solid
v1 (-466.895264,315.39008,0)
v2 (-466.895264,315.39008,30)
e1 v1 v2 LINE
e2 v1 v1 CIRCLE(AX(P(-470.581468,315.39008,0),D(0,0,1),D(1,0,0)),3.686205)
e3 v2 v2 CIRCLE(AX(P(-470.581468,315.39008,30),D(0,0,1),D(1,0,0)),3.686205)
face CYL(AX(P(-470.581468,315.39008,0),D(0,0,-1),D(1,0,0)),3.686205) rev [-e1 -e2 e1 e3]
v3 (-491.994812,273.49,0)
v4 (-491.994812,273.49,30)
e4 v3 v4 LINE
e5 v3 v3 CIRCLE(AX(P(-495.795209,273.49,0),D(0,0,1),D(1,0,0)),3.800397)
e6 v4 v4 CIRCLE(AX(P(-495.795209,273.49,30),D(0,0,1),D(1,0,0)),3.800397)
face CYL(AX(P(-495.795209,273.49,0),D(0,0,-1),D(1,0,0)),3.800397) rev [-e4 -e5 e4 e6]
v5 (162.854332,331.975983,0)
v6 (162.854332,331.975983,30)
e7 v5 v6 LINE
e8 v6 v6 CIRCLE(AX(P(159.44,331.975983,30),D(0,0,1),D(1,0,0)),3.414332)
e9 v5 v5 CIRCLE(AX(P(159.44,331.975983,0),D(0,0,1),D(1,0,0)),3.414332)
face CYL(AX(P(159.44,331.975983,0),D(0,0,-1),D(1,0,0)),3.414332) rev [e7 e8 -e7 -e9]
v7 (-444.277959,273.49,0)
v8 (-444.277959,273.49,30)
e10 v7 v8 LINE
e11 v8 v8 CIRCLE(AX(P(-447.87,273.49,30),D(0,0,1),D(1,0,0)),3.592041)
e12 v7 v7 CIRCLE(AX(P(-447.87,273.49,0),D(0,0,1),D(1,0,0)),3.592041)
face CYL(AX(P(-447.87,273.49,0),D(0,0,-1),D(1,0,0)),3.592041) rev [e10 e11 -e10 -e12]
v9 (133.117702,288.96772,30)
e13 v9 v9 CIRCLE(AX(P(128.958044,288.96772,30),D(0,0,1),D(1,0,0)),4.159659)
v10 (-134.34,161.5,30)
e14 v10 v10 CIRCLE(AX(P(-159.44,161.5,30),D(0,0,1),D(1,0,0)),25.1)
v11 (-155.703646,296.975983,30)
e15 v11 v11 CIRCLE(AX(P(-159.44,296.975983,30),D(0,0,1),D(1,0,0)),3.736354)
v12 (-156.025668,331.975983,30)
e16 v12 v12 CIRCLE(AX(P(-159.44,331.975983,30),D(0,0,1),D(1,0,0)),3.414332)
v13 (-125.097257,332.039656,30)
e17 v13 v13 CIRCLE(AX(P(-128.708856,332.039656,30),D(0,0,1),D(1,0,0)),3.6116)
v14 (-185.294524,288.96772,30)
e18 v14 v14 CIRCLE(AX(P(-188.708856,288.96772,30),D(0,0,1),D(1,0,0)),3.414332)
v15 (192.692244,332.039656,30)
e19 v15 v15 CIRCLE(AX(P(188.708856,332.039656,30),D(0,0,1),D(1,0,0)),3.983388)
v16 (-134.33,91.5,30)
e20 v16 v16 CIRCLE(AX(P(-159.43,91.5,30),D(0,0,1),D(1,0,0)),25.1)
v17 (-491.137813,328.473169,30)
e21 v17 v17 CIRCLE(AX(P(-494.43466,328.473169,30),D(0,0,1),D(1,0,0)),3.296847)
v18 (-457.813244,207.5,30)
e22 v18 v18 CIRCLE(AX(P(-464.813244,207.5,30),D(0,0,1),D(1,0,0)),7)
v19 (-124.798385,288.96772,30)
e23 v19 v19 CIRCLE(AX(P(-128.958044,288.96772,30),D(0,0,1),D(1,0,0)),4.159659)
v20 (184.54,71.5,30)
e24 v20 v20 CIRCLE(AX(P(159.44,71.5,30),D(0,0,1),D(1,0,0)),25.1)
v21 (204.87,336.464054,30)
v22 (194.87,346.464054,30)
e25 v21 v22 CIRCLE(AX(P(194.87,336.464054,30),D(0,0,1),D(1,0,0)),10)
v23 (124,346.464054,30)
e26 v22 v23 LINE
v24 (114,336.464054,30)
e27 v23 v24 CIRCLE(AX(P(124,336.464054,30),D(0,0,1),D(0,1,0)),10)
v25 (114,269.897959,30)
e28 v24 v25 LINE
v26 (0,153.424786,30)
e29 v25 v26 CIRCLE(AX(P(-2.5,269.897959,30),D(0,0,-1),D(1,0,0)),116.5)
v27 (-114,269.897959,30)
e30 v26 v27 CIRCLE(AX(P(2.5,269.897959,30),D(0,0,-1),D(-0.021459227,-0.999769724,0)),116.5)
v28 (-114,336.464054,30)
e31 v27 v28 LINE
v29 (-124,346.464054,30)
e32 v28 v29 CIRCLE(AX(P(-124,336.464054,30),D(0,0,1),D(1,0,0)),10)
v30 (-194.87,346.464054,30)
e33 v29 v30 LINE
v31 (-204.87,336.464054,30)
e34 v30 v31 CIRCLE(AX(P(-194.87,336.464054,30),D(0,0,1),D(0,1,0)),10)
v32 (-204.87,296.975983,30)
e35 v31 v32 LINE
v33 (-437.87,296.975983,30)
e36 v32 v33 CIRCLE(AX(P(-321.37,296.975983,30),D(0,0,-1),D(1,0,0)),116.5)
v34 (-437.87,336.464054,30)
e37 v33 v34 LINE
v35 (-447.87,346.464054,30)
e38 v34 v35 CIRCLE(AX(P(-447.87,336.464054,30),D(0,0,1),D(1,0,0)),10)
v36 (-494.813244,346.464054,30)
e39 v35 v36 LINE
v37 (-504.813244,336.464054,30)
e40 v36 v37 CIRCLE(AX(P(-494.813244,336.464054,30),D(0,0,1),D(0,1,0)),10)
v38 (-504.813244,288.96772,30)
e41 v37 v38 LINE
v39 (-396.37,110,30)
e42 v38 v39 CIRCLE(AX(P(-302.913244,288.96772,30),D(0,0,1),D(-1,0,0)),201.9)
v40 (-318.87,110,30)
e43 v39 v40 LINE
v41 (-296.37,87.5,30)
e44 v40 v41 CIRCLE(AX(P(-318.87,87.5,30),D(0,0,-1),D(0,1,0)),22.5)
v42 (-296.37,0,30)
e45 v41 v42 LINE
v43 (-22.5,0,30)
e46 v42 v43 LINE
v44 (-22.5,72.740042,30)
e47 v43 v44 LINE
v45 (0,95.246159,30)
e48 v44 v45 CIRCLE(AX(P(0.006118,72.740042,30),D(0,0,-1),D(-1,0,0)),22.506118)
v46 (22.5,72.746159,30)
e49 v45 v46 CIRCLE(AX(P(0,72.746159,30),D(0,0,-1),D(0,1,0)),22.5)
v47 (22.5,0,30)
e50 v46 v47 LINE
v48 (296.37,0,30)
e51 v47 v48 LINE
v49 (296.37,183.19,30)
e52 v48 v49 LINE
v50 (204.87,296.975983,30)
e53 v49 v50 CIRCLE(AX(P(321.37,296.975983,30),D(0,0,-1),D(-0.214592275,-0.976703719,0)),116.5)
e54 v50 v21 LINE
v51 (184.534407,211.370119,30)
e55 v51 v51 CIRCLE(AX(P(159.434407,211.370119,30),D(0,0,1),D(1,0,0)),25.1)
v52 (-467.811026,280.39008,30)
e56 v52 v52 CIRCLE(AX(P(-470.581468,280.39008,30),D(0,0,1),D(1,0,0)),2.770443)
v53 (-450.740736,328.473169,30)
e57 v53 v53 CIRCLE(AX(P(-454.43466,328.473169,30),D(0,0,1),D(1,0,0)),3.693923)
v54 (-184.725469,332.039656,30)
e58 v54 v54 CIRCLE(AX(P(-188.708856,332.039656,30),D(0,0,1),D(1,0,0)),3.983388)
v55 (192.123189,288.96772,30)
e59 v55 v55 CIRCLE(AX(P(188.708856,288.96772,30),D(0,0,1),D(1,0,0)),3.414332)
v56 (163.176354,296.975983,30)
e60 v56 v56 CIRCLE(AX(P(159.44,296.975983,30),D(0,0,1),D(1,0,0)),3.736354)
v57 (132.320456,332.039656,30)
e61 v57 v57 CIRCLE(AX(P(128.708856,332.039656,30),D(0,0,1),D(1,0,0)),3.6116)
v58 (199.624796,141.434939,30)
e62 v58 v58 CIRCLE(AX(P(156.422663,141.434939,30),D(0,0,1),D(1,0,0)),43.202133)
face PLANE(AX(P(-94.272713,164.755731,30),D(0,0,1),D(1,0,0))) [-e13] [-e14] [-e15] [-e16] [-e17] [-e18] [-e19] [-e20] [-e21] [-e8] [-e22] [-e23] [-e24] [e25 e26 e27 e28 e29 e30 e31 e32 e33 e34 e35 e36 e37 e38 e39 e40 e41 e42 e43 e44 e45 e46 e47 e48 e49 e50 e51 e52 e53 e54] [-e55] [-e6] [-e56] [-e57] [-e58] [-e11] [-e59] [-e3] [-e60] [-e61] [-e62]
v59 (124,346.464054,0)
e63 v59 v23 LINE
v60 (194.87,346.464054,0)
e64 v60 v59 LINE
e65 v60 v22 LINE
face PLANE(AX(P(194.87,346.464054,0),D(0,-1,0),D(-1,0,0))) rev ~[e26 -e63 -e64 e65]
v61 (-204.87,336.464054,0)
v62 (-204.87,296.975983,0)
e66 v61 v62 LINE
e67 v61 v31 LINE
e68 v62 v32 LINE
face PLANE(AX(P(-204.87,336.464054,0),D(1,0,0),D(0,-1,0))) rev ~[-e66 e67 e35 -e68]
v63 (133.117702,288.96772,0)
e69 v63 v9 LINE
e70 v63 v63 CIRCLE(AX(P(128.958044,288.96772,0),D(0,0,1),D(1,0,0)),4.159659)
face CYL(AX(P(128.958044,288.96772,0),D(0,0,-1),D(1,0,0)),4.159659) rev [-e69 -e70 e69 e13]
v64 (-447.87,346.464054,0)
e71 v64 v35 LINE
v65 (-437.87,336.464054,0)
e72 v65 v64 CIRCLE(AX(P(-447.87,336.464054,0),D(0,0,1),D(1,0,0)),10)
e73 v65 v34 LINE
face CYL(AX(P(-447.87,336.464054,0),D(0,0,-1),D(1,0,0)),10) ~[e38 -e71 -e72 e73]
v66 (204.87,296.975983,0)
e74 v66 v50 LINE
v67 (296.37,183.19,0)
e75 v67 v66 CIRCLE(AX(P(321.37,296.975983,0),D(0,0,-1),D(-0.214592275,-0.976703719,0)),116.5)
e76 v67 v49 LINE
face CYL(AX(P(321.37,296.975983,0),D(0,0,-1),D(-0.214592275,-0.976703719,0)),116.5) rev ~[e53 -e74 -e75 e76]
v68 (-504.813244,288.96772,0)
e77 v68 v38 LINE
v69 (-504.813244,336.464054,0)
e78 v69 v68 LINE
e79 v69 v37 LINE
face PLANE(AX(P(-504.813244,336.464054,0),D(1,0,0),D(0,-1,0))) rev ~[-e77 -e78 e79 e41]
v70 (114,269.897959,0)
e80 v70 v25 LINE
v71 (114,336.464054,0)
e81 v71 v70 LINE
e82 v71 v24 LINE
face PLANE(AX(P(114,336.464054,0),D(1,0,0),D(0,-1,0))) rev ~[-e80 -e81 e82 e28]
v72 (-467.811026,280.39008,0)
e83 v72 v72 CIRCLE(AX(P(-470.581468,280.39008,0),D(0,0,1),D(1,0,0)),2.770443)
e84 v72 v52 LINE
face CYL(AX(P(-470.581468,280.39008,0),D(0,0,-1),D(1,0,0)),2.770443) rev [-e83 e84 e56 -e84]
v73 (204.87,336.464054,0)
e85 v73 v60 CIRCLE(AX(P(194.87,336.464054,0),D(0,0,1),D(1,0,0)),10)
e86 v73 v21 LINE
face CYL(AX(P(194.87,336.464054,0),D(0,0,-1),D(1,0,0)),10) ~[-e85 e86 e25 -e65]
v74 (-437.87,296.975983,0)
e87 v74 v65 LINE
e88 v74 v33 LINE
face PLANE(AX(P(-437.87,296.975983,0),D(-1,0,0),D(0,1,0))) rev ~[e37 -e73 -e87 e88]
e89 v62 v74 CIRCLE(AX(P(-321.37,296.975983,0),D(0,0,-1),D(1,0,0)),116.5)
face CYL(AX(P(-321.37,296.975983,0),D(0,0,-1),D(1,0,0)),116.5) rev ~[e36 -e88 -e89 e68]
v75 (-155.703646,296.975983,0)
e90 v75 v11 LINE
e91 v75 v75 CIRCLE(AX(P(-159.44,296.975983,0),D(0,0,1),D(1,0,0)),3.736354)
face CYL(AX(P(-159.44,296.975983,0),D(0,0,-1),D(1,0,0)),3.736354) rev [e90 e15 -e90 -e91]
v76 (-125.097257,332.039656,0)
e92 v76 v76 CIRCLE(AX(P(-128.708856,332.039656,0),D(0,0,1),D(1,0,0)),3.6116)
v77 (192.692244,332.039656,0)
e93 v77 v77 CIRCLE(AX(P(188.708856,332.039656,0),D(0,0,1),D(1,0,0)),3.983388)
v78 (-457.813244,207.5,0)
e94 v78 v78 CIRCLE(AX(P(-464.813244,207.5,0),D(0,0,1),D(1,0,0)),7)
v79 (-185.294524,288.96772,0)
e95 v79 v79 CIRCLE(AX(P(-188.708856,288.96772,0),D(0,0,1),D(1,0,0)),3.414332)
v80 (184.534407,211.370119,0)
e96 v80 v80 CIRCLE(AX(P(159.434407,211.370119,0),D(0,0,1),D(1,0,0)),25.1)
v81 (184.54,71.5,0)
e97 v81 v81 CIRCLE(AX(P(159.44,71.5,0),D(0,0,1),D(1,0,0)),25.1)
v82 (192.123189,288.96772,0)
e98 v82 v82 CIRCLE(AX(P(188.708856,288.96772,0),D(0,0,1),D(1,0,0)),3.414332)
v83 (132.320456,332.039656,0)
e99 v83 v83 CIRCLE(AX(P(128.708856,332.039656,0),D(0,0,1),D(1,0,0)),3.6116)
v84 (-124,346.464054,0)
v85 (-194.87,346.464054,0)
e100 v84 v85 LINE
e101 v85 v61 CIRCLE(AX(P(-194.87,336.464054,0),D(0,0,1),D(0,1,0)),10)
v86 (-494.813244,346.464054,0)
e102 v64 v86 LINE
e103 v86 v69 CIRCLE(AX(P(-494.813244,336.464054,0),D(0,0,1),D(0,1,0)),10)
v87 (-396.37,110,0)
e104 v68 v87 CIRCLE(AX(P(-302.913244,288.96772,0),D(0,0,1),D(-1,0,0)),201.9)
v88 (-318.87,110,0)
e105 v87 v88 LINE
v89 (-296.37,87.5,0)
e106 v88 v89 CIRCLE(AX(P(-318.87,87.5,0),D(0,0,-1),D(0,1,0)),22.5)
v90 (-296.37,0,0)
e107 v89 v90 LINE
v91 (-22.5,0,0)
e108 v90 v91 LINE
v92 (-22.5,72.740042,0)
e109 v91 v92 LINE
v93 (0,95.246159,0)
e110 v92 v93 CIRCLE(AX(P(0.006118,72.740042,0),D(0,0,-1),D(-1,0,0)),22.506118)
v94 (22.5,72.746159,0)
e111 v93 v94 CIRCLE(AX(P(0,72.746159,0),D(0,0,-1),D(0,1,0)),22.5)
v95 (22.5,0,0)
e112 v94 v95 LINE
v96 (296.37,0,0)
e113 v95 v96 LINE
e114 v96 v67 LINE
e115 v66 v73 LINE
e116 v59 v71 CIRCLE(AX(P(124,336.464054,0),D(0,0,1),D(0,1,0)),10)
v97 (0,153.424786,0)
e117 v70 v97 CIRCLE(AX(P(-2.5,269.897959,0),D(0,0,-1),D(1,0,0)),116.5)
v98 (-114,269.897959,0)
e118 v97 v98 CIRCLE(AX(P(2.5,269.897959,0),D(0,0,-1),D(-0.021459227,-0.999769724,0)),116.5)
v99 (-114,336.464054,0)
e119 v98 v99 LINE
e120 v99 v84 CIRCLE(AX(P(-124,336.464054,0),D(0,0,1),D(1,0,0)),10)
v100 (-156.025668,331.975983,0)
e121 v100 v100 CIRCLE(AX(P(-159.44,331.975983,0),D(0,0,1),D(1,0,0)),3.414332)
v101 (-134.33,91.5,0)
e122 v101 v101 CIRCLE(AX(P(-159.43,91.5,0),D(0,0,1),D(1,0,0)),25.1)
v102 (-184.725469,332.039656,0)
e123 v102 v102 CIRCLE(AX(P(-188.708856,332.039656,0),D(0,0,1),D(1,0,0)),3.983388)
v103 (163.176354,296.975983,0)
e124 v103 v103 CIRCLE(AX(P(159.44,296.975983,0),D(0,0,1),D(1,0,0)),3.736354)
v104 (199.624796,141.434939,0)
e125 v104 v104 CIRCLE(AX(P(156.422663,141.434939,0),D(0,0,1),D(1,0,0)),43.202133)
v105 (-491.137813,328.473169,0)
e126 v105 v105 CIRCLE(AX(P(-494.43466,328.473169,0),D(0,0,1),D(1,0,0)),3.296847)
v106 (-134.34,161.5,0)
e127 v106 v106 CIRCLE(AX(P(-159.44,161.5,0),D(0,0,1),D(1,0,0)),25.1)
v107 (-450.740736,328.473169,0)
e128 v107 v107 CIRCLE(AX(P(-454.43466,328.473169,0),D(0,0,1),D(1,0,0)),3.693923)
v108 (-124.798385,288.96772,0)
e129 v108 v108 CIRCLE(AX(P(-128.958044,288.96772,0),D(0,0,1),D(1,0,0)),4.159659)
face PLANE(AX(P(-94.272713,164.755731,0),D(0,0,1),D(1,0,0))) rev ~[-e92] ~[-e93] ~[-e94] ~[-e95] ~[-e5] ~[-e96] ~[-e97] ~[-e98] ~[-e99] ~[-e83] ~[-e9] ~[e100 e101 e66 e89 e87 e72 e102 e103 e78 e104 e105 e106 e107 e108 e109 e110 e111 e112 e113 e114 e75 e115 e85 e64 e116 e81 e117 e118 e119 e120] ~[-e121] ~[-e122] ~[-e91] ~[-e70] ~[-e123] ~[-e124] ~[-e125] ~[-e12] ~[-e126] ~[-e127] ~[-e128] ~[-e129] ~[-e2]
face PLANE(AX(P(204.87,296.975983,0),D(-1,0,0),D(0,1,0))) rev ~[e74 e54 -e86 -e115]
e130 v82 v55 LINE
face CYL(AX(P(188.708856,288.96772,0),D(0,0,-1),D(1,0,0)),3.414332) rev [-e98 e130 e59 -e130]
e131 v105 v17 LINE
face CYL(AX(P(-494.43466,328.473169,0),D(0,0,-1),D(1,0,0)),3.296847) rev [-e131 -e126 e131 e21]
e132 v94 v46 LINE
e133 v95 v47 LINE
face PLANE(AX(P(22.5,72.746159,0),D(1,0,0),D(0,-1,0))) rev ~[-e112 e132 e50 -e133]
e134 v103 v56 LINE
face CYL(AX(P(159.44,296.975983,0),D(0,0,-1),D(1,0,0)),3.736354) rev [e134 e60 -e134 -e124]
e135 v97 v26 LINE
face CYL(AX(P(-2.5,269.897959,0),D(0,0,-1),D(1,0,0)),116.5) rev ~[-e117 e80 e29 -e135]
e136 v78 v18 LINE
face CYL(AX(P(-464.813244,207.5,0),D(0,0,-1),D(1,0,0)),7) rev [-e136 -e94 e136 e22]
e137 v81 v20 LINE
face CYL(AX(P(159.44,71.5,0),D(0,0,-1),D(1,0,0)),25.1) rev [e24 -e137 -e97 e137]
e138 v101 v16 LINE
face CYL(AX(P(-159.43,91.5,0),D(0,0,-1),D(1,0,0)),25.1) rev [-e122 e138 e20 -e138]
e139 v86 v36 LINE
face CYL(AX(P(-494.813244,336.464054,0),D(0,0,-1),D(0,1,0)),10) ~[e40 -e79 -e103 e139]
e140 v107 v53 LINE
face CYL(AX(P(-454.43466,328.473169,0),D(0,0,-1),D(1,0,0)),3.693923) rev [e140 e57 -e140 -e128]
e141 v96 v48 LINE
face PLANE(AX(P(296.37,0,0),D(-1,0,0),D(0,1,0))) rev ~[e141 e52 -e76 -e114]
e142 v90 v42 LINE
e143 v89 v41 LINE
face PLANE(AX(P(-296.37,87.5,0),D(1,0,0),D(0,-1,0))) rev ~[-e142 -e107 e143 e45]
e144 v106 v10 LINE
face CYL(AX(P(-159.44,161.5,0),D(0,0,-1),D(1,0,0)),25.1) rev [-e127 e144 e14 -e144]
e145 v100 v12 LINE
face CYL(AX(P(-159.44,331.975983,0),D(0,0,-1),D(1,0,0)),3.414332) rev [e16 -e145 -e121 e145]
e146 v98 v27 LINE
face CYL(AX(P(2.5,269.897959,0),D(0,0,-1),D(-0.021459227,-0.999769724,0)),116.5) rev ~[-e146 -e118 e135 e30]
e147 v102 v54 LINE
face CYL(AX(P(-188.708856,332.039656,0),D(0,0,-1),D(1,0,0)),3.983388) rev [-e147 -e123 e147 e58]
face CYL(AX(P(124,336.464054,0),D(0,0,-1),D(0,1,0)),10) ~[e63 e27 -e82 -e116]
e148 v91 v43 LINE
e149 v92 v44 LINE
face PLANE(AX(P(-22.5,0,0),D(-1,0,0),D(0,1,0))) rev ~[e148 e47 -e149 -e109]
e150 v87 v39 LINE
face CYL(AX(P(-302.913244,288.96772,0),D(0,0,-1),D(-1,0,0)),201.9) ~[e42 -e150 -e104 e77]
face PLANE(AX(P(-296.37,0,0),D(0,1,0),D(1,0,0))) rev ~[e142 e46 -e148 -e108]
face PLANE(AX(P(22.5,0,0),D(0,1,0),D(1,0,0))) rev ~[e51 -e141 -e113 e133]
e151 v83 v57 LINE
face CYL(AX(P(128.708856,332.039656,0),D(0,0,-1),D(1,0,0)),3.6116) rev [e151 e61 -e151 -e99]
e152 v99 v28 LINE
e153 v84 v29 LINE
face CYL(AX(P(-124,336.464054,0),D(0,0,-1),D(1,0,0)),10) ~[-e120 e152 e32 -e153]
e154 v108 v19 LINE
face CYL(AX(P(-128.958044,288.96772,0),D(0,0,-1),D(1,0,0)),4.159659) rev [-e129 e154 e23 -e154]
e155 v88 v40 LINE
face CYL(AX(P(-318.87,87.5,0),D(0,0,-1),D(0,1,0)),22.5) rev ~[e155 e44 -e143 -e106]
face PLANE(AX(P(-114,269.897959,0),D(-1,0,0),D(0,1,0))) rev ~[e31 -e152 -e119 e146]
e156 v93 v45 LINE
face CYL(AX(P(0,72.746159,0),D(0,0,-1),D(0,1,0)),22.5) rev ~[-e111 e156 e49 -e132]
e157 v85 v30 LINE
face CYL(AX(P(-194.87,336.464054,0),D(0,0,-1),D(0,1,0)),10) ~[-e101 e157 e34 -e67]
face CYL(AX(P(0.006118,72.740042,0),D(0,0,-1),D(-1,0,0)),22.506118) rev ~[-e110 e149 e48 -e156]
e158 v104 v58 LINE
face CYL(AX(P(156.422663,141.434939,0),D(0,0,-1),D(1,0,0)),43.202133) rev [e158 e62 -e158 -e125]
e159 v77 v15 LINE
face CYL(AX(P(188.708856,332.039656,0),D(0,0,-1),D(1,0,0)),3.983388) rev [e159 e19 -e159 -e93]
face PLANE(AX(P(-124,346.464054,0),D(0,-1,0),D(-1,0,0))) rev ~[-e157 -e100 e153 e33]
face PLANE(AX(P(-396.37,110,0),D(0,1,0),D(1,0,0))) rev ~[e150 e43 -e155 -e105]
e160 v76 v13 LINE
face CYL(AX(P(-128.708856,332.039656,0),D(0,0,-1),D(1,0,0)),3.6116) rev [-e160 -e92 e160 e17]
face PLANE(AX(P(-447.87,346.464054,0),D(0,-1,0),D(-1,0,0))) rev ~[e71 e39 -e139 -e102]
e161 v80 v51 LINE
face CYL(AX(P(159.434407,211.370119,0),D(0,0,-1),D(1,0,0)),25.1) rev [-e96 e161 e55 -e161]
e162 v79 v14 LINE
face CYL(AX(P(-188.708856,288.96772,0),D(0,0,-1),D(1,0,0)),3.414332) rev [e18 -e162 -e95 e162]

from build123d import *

# Parameters (mm, degrees)
SKETCH1_R           = 25.1
SKETCH1_R_2         = 43.202132663
SKETCH1_R_3         = 7
SKETCH1_R_4         = 3.800397256
SKETCH1_R_5         = 2.770442617
SKETCH1_R_6         = 3.592040897
SKETCH1_R_7         = 3.686204525
SKETCH1_R_8         = 3.29684687
SKETCH1_R_9         = 3.69392349
SKETCH1_R_10        = 3.414332156
SKETCH1_R_11        = 3.736354481
SKETCH1_R_12        = 4.159658534
SKETCH1_R_13        = 3.983387515
SKETCH1_R_14        = 3.611599691
BOSS_EXTRUDE1_DEPTH = 30


with BuildPart() as part:
    # Sketch1 → Boss-Extrude1 (new body)
    with BuildSketch(Plane.XY):
        with BuildLine():
            Line((22.5, 72.746158915), (22.5, 0))
            Line((22.5, 0), (296.37, 0))
            Line((296.37, 0), (296.37, 183.19))
            ThreePointArc((296.37, 183.19), (230.582473324, 223.969990415), (204.87, 296.97598332))
            Line((204.87, 296.97598332), (204.87, 336.464053823))
            ThreePointArc((204.87, 336.464053823), (201.941067812, 343.535121635), (194.87, 346.464053823))
            Line((194.87, 346.464053823), (124, 346.464053823))
            ThreePointArc((124, 346.464053823), (116.928932188, 343.535121635), (114, 336.464053823))
            Line((114, 336.464053823), (114, 269.897959103))
            ThreePointArc((114, 269.897959103), (80.757131827, 188.408696007), (0, 153.424786226))
            ThreePointArc((0, 153.424786226), (-80.757131827, 188.408696007), (-114, 269.897959103))
            Line((-114, 269.897959103), (-114, 336.464053823))
            ThreePointArc((-114, 336.464053823), (-116.928932188, 343.535121635), (-124, 346.464053823))
            Line((-124, 346.464053823), (-194.87, 346.464053823))
            ThreePointArc((-194.87, 346.464053823), (-201.941067812, 343.535121635), (-204.87, 336.464053823))
            Line((-204.87, 336.464053823), (-204.87, 296.97598332))
            ThreePointArc((-204.87, 296.97598332), (-321.37, 180.47598332), (-437.87, 296.97598332))
            Line((-437.87, 296.97598332), (-437.87, 336.464053823))
            ThreePointArc((-437.87, 336.464053823), (-440.798932188, 343.535121635), (-447.87, 346.464053823))
            Line((-447.87, 346.464053823), (-494.813243917, 346.464053823))
            ThreePointArc((-494.813243917, 346.464053823), (-501.884311728, 343.535121635), (-504.813243917, 336.464053823))
            Line((-504.813243917, 336.464053823), (-504.813243917, 288.967719833))
            ThreePointArc((-504.813243917, 288.967719833), (-475.587111443, 184.338156739), (-396.37, 110))
            Line((-396.37, 110), (-318.87, 110))
            ThreePointArc((-318.87, 110), (-302.960097423, 103.409902577), (-296.37, 87.5))
            Line((-296.37, 87.5), (-296.37, 0))
            Line((-296.37, 0), (-22.5, 0))
            Line((-22.5, 0), (-22.5, 72.740041961))
            ThreePointArc((-22.5, 72.740041961), (-15.910273536, 88.652107355), (0, 95.246158915))
            ThreePointArc((0, 95.246158915), (15.909902577, 88.656061492), (22.5, 72.746158915))
        make_face()
        with Locations((-159.43, 91.5)):
            Circle(SKETCH1_R, mode=Mode.SUBTRACT)
        with Locations((-159.44, 161.5)):
            Circle(SKETCH1_R, mode=Mode.SUBTRACT)
        with Locations((159.44, 71.5)):
            Circle(SKETCH1_R, mode=Mode.SUBTRACT)
        with Locations((156.422663426, 141.434938908)):
            Circle(SKETCH1_R_2, mode=Mode.SUBTRACT)
        with Locations((-464.813243917, 207.5)):
            Circle(SKETCH1_R_3, mode=Mode.SUBTRACT)
        with Locations((-495.795209239, 273.49)):
            Circle(SKETCH1_R_4, mode=Mode.SUBTRACT)
        with Locations((-470.58146842, 280.390080126)):
            Circle(SKETCH1_R_5, mode=Mode.SUBTRACT)
        with Locations((-447.87, 273.49)):
            Circle(SKETCH1_R_6, mode=Mode.SUBTRACT)
        with Locations((-470.58146842, 315.390080126)):
            Circle(SKETCH1_R_7, mode=Mode.SUBTRACT)
        with Locations((-494.434659893, 328.473169293)):
            Circle(SKETCH1_R_8, mode=Mode.SUBTRACT)
        with Locations((-454.434659893, 328.473169293)):
            Circle(SKETCH1_R_9, mode=Mode.SUBTRACT)
        with Locations((-188.708856361, 288.967719833)):
            Circle(SKETCH1_R_10, mode=Mode.SUBTRACT)
        with Locations((-159.44, 296.97598332)):
            Circle(SKETCH1_R_11, mode=Mode.SUBTRACT)
        with Locations((-128.95804363, 288.967719833)):
            Circle(SKETCH1_R_12, mode=Mode.SUBTRACT)
        with Locations((-188.708856361, 332.039656125)):
            Circle(SKETCH1_R_13, mode=Mode.SUBTRACT)
        with Locations((-159.44, 331.97598332)):
            Circle(SKETCH1_R_10, mode=Mode.SUBTRACT)
        with Locations((-128.708856361, 332.039656125)):
            Circle(SKETCH1_R_14, mode=Mode.SUBTRACT)
        with Locations((159.434406699, 211.370118913)):
            Circle(SKETCH1_R, mode=Mode.SUBTRACT)
        with Locations((128.95804363, 288.967719833)):
            Circle(SKETCH1_R_12, mode=Mode.SUBTRACT)
        with Locations((188.708856361, 288.967719833)):
            Circle(SKETCH1_R_10, mode=Mode.SUBTRACT)
        with Locations((159.44, 296.97598332)):
            Circle(SKETCH1_R_11, mode=Mode.SUBTRACT)
        with Locations((128.708856361, 332.039656125)):
            Circle(SKETCH1_R_14, mode=Mode.SUBTRACT)
        with Locations((159.44, 331.97598332)):
            Circle(SKETCH1_R_10, mode=Mode.SUBTRACT)
        with Locations((188.708856361, 332.039656125)):
            Circle(SKETCH1_R_13, mode=Mode.SUBTRACT)
    extrude(amount=BOSS_EXTRUDE1_DEPTH)


solid = part.part
